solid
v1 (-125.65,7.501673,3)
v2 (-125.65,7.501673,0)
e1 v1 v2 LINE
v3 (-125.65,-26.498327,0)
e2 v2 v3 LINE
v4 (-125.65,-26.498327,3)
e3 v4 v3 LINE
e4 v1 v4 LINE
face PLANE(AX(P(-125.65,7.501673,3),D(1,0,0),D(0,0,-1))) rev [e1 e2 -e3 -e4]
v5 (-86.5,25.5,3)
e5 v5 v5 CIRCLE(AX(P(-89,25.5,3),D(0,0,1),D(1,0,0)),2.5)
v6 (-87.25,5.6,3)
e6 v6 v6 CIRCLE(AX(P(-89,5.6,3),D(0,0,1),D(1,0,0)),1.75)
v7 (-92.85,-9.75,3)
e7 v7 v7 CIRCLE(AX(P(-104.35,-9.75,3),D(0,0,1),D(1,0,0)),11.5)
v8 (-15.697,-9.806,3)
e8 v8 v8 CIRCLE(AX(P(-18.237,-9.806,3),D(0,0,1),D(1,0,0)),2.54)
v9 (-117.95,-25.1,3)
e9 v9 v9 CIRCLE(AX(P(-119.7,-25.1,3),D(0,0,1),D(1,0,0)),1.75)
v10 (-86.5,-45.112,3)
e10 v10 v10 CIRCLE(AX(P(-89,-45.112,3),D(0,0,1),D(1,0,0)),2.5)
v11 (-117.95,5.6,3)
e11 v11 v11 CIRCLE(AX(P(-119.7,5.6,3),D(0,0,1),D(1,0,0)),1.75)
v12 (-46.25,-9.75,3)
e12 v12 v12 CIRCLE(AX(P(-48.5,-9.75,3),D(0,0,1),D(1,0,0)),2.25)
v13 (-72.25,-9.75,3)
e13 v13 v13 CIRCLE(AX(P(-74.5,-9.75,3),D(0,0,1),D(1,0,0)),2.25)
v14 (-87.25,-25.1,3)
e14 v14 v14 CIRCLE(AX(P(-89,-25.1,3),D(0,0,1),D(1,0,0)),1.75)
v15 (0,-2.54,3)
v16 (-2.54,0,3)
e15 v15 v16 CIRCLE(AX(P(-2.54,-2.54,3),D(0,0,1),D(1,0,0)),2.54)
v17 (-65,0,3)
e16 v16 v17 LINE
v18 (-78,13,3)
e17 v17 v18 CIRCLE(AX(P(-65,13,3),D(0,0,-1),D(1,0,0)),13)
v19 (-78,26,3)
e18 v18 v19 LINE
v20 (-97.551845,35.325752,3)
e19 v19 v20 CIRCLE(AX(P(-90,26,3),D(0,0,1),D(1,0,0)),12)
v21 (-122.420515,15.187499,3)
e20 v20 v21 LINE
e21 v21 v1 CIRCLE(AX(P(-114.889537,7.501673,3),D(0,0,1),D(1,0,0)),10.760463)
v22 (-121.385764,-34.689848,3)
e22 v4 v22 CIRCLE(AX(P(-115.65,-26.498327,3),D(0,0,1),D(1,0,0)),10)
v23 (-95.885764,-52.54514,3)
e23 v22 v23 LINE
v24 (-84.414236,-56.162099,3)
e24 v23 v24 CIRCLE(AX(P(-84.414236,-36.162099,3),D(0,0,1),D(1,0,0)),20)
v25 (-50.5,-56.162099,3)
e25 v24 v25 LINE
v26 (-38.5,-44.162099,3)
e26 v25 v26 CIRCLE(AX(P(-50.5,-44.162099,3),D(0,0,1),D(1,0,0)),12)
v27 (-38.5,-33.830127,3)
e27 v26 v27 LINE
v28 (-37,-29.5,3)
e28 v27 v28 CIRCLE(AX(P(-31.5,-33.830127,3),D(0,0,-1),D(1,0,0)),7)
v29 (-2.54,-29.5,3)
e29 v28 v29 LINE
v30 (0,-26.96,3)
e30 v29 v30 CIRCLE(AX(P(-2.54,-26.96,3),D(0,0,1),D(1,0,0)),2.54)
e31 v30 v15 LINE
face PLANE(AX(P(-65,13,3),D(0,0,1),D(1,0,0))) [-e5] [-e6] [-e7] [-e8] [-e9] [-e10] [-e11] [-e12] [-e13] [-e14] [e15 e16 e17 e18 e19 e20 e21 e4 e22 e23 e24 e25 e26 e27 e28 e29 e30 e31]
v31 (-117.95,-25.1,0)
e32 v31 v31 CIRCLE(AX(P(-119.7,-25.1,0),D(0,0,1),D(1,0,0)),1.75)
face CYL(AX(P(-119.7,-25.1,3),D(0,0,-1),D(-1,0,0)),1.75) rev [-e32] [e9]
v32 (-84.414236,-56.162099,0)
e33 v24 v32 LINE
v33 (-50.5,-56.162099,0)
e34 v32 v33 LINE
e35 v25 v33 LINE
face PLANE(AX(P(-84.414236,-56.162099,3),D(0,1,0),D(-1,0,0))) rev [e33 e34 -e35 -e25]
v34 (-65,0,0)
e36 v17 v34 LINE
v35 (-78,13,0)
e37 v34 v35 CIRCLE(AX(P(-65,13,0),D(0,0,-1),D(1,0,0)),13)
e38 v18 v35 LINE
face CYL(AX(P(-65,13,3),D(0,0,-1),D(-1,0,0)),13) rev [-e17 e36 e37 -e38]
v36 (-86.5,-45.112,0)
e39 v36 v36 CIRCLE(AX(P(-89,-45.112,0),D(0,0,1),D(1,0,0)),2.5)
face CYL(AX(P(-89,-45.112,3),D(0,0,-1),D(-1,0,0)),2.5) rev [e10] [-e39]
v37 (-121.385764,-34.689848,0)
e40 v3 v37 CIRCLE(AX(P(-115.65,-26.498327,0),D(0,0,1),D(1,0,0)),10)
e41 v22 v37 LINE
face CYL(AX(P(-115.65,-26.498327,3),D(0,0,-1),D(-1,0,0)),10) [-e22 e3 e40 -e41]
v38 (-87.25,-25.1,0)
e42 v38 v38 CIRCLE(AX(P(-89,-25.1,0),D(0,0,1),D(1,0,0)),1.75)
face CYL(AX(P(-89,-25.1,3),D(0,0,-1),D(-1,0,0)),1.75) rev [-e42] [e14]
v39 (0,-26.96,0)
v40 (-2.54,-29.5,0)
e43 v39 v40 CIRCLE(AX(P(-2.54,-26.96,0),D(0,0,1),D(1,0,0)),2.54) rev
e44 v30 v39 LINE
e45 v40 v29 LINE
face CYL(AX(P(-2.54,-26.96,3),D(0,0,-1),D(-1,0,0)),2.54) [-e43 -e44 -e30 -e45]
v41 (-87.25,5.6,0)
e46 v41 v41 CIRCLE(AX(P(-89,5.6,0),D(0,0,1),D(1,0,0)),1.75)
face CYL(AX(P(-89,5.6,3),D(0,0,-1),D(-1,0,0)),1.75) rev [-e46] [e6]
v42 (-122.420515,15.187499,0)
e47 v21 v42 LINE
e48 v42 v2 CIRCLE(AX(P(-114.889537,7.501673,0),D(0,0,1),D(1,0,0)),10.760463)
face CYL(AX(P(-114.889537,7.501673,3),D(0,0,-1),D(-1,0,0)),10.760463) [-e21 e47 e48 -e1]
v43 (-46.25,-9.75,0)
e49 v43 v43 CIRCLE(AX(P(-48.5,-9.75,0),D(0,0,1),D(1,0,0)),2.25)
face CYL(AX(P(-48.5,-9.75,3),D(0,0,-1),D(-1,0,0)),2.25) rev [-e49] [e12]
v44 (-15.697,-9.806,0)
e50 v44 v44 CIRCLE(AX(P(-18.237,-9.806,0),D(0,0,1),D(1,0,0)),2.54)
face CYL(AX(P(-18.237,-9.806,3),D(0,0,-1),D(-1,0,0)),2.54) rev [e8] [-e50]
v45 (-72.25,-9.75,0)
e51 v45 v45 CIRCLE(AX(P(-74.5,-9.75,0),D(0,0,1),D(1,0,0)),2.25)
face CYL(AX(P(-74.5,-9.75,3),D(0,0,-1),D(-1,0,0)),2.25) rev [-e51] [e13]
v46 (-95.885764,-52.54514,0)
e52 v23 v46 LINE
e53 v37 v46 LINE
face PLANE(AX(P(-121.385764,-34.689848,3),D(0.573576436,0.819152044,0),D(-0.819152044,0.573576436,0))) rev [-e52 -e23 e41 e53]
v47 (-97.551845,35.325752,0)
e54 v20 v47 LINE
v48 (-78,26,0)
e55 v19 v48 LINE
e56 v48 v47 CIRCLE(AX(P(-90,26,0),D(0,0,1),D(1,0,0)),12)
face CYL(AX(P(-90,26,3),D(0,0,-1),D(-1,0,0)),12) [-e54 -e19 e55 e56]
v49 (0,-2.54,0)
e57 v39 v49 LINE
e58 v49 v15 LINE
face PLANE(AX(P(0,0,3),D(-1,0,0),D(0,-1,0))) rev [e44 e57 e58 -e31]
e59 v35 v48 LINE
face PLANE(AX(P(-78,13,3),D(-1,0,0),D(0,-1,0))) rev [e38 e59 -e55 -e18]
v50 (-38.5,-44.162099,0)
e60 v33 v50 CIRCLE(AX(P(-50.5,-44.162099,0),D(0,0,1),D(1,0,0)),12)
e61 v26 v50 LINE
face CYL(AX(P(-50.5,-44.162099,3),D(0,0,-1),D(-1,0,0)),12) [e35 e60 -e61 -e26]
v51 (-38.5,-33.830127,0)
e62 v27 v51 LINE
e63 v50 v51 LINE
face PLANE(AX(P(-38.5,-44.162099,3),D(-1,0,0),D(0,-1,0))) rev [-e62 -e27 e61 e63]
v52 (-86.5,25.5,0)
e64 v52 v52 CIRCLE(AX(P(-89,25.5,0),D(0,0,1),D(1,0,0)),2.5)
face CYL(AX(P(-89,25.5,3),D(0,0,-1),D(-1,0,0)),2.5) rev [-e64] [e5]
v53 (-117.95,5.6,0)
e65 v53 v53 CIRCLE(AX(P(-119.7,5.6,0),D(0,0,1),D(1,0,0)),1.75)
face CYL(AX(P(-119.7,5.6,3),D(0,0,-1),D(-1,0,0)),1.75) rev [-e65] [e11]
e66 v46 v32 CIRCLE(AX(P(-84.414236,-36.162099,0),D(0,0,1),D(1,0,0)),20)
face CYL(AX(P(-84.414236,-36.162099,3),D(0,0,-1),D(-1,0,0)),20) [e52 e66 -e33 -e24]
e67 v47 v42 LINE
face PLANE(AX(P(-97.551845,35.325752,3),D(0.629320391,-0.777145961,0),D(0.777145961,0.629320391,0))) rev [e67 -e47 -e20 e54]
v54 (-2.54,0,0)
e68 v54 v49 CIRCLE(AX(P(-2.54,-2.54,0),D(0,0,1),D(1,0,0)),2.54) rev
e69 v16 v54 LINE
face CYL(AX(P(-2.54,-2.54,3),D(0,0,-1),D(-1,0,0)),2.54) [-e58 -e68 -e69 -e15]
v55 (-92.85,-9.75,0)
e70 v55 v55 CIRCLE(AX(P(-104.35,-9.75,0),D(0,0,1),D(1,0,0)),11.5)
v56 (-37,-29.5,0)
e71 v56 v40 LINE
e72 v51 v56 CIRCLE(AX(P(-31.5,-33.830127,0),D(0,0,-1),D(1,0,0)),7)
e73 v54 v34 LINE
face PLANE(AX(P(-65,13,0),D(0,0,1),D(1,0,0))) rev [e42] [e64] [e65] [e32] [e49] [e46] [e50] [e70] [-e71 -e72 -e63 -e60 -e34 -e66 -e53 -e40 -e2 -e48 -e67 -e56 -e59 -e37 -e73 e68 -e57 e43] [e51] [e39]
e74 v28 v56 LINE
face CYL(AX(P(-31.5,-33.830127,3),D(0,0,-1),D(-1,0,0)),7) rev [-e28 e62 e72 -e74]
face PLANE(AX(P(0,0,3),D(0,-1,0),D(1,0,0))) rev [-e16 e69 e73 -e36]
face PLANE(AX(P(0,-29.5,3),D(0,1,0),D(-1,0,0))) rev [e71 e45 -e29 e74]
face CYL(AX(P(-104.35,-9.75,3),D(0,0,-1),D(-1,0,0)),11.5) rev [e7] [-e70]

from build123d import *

# Parameters (mm, degrees)
SKETCH1_R           = 2.54
SKETCH1_R_2         = 2.25
SKETCH1_R_3         = 1.75
SKETCH1_R_4         = 2.5
SKETCH1_R_5         = 11.5
BOSS_EXTRUDE1_DEPTH = 3
FILLET2_R           = 2.54


with BuildPart() as part:
    # Sketch1 → Boss-Extrude1 (new body)
    with BuildSketch(Plane.XY):
        with BuildLine():
            Line((0, 0), (0, -29.5))
            Line((0, -29.5), (-37, -29.5))
            ThreePointArc((-37, -29.5), (-38.114378278, -31.538839171), (-38.5, -33.830127019))
            Line((-38.5, -33.830127019), (-38.5, -44.16209895))
            ThreePointArc((-38.5, -44.16209895), (-42.014718626, -52.647380324), (-50.5, -56.16209895))
            Line((-50.5, -56.16209895), (-84.414235636, -56.16209895))
            ThreePointArc((-84.414235636, -56.16209895), (-90.428351627, -55.236437965), (-95.885764364, -52.545139836))
            Line((-95.885764364, -52.545139836), (-121.385764364, -34.689847611))
            ThreePointArc((-121.385764364, -34.689847611), (-124.520108332, -31.115813301), (-125.65, -26.498327168))
            Line((-125.65, -26.498327168), (-125.65, 7.501672832))
            ThreePointArc((-125.65, 7.501672832), (-124.809828805, 11.670050653), (-122.420515459, 15.187499024))
            Line((-122.420515459, 15.187499024), (-97.551844693, 35.325751537))
            ThreePointArc((-97.551844693, 35.325751537), (-84.833866838, 36.831023412), (-78, 26))
            Line((-78, 26), (-78, 13))
            ThreePointArc((-78, 13), (-74.192388155, 3.807611845), (-65, 0))
            Line((-65, 0), (0, 0))
        make_face()
        with Locations((-18.237, -9.806)):
            Circle(SKETCH1_R, mode=Mode.SUBTRACT)
        with Locations((-48.5, -9.75)):
            Circle(SKETCH1_R_2, mode=Mode.SUBTRACT)
        with Locations((-74.5, -9.75)):
            Circle(SKETCH1_R_2, mode=Mode.SUBTRACT)
        with Locations((-89, 5.6)):
            Circle(SKETCH1_R_3, mode=Mode.SUBTRACT)
        with Locations((-89, 25.5)):
            Circle(SKETCH1_R_4, mode=Mode.SUBTRACT)
        with Locations((-89, -25.1)):
            Circle(SKETCH1_R_3, mode=Mode.SUBTRACT)
        with Locations((-89, -45.112)):
            Circle(SKETCH1_R_4, mode=Mode.SUBTRACT)
        with Locations((-104.35, -9.75)):
            Circle(SKETCH1_R_5, mode=Mode.SUBTRACT)
        with Locations((-119.7, 5.6)):
            Circle(SKETCH1_R_3, mode=Mode.SUBTRACT)
        with Locations((-119.7, -25.1)):
            Circle(SKETCH1_R_3, mode=Mode.SUBTRACT)
    extrude(amount=BOSS_EXTRUDE1_DEPTH)

    # Fillet2
    fillet2_edges = [part.edges().sort_by_distance(p)[0] for p in [
        (0, 0, 1.5),
        (0, -29.5, 1.5),
    ]]
    fillet(fillet2_edges, radius=FILLET2_R)


solid = part.part
